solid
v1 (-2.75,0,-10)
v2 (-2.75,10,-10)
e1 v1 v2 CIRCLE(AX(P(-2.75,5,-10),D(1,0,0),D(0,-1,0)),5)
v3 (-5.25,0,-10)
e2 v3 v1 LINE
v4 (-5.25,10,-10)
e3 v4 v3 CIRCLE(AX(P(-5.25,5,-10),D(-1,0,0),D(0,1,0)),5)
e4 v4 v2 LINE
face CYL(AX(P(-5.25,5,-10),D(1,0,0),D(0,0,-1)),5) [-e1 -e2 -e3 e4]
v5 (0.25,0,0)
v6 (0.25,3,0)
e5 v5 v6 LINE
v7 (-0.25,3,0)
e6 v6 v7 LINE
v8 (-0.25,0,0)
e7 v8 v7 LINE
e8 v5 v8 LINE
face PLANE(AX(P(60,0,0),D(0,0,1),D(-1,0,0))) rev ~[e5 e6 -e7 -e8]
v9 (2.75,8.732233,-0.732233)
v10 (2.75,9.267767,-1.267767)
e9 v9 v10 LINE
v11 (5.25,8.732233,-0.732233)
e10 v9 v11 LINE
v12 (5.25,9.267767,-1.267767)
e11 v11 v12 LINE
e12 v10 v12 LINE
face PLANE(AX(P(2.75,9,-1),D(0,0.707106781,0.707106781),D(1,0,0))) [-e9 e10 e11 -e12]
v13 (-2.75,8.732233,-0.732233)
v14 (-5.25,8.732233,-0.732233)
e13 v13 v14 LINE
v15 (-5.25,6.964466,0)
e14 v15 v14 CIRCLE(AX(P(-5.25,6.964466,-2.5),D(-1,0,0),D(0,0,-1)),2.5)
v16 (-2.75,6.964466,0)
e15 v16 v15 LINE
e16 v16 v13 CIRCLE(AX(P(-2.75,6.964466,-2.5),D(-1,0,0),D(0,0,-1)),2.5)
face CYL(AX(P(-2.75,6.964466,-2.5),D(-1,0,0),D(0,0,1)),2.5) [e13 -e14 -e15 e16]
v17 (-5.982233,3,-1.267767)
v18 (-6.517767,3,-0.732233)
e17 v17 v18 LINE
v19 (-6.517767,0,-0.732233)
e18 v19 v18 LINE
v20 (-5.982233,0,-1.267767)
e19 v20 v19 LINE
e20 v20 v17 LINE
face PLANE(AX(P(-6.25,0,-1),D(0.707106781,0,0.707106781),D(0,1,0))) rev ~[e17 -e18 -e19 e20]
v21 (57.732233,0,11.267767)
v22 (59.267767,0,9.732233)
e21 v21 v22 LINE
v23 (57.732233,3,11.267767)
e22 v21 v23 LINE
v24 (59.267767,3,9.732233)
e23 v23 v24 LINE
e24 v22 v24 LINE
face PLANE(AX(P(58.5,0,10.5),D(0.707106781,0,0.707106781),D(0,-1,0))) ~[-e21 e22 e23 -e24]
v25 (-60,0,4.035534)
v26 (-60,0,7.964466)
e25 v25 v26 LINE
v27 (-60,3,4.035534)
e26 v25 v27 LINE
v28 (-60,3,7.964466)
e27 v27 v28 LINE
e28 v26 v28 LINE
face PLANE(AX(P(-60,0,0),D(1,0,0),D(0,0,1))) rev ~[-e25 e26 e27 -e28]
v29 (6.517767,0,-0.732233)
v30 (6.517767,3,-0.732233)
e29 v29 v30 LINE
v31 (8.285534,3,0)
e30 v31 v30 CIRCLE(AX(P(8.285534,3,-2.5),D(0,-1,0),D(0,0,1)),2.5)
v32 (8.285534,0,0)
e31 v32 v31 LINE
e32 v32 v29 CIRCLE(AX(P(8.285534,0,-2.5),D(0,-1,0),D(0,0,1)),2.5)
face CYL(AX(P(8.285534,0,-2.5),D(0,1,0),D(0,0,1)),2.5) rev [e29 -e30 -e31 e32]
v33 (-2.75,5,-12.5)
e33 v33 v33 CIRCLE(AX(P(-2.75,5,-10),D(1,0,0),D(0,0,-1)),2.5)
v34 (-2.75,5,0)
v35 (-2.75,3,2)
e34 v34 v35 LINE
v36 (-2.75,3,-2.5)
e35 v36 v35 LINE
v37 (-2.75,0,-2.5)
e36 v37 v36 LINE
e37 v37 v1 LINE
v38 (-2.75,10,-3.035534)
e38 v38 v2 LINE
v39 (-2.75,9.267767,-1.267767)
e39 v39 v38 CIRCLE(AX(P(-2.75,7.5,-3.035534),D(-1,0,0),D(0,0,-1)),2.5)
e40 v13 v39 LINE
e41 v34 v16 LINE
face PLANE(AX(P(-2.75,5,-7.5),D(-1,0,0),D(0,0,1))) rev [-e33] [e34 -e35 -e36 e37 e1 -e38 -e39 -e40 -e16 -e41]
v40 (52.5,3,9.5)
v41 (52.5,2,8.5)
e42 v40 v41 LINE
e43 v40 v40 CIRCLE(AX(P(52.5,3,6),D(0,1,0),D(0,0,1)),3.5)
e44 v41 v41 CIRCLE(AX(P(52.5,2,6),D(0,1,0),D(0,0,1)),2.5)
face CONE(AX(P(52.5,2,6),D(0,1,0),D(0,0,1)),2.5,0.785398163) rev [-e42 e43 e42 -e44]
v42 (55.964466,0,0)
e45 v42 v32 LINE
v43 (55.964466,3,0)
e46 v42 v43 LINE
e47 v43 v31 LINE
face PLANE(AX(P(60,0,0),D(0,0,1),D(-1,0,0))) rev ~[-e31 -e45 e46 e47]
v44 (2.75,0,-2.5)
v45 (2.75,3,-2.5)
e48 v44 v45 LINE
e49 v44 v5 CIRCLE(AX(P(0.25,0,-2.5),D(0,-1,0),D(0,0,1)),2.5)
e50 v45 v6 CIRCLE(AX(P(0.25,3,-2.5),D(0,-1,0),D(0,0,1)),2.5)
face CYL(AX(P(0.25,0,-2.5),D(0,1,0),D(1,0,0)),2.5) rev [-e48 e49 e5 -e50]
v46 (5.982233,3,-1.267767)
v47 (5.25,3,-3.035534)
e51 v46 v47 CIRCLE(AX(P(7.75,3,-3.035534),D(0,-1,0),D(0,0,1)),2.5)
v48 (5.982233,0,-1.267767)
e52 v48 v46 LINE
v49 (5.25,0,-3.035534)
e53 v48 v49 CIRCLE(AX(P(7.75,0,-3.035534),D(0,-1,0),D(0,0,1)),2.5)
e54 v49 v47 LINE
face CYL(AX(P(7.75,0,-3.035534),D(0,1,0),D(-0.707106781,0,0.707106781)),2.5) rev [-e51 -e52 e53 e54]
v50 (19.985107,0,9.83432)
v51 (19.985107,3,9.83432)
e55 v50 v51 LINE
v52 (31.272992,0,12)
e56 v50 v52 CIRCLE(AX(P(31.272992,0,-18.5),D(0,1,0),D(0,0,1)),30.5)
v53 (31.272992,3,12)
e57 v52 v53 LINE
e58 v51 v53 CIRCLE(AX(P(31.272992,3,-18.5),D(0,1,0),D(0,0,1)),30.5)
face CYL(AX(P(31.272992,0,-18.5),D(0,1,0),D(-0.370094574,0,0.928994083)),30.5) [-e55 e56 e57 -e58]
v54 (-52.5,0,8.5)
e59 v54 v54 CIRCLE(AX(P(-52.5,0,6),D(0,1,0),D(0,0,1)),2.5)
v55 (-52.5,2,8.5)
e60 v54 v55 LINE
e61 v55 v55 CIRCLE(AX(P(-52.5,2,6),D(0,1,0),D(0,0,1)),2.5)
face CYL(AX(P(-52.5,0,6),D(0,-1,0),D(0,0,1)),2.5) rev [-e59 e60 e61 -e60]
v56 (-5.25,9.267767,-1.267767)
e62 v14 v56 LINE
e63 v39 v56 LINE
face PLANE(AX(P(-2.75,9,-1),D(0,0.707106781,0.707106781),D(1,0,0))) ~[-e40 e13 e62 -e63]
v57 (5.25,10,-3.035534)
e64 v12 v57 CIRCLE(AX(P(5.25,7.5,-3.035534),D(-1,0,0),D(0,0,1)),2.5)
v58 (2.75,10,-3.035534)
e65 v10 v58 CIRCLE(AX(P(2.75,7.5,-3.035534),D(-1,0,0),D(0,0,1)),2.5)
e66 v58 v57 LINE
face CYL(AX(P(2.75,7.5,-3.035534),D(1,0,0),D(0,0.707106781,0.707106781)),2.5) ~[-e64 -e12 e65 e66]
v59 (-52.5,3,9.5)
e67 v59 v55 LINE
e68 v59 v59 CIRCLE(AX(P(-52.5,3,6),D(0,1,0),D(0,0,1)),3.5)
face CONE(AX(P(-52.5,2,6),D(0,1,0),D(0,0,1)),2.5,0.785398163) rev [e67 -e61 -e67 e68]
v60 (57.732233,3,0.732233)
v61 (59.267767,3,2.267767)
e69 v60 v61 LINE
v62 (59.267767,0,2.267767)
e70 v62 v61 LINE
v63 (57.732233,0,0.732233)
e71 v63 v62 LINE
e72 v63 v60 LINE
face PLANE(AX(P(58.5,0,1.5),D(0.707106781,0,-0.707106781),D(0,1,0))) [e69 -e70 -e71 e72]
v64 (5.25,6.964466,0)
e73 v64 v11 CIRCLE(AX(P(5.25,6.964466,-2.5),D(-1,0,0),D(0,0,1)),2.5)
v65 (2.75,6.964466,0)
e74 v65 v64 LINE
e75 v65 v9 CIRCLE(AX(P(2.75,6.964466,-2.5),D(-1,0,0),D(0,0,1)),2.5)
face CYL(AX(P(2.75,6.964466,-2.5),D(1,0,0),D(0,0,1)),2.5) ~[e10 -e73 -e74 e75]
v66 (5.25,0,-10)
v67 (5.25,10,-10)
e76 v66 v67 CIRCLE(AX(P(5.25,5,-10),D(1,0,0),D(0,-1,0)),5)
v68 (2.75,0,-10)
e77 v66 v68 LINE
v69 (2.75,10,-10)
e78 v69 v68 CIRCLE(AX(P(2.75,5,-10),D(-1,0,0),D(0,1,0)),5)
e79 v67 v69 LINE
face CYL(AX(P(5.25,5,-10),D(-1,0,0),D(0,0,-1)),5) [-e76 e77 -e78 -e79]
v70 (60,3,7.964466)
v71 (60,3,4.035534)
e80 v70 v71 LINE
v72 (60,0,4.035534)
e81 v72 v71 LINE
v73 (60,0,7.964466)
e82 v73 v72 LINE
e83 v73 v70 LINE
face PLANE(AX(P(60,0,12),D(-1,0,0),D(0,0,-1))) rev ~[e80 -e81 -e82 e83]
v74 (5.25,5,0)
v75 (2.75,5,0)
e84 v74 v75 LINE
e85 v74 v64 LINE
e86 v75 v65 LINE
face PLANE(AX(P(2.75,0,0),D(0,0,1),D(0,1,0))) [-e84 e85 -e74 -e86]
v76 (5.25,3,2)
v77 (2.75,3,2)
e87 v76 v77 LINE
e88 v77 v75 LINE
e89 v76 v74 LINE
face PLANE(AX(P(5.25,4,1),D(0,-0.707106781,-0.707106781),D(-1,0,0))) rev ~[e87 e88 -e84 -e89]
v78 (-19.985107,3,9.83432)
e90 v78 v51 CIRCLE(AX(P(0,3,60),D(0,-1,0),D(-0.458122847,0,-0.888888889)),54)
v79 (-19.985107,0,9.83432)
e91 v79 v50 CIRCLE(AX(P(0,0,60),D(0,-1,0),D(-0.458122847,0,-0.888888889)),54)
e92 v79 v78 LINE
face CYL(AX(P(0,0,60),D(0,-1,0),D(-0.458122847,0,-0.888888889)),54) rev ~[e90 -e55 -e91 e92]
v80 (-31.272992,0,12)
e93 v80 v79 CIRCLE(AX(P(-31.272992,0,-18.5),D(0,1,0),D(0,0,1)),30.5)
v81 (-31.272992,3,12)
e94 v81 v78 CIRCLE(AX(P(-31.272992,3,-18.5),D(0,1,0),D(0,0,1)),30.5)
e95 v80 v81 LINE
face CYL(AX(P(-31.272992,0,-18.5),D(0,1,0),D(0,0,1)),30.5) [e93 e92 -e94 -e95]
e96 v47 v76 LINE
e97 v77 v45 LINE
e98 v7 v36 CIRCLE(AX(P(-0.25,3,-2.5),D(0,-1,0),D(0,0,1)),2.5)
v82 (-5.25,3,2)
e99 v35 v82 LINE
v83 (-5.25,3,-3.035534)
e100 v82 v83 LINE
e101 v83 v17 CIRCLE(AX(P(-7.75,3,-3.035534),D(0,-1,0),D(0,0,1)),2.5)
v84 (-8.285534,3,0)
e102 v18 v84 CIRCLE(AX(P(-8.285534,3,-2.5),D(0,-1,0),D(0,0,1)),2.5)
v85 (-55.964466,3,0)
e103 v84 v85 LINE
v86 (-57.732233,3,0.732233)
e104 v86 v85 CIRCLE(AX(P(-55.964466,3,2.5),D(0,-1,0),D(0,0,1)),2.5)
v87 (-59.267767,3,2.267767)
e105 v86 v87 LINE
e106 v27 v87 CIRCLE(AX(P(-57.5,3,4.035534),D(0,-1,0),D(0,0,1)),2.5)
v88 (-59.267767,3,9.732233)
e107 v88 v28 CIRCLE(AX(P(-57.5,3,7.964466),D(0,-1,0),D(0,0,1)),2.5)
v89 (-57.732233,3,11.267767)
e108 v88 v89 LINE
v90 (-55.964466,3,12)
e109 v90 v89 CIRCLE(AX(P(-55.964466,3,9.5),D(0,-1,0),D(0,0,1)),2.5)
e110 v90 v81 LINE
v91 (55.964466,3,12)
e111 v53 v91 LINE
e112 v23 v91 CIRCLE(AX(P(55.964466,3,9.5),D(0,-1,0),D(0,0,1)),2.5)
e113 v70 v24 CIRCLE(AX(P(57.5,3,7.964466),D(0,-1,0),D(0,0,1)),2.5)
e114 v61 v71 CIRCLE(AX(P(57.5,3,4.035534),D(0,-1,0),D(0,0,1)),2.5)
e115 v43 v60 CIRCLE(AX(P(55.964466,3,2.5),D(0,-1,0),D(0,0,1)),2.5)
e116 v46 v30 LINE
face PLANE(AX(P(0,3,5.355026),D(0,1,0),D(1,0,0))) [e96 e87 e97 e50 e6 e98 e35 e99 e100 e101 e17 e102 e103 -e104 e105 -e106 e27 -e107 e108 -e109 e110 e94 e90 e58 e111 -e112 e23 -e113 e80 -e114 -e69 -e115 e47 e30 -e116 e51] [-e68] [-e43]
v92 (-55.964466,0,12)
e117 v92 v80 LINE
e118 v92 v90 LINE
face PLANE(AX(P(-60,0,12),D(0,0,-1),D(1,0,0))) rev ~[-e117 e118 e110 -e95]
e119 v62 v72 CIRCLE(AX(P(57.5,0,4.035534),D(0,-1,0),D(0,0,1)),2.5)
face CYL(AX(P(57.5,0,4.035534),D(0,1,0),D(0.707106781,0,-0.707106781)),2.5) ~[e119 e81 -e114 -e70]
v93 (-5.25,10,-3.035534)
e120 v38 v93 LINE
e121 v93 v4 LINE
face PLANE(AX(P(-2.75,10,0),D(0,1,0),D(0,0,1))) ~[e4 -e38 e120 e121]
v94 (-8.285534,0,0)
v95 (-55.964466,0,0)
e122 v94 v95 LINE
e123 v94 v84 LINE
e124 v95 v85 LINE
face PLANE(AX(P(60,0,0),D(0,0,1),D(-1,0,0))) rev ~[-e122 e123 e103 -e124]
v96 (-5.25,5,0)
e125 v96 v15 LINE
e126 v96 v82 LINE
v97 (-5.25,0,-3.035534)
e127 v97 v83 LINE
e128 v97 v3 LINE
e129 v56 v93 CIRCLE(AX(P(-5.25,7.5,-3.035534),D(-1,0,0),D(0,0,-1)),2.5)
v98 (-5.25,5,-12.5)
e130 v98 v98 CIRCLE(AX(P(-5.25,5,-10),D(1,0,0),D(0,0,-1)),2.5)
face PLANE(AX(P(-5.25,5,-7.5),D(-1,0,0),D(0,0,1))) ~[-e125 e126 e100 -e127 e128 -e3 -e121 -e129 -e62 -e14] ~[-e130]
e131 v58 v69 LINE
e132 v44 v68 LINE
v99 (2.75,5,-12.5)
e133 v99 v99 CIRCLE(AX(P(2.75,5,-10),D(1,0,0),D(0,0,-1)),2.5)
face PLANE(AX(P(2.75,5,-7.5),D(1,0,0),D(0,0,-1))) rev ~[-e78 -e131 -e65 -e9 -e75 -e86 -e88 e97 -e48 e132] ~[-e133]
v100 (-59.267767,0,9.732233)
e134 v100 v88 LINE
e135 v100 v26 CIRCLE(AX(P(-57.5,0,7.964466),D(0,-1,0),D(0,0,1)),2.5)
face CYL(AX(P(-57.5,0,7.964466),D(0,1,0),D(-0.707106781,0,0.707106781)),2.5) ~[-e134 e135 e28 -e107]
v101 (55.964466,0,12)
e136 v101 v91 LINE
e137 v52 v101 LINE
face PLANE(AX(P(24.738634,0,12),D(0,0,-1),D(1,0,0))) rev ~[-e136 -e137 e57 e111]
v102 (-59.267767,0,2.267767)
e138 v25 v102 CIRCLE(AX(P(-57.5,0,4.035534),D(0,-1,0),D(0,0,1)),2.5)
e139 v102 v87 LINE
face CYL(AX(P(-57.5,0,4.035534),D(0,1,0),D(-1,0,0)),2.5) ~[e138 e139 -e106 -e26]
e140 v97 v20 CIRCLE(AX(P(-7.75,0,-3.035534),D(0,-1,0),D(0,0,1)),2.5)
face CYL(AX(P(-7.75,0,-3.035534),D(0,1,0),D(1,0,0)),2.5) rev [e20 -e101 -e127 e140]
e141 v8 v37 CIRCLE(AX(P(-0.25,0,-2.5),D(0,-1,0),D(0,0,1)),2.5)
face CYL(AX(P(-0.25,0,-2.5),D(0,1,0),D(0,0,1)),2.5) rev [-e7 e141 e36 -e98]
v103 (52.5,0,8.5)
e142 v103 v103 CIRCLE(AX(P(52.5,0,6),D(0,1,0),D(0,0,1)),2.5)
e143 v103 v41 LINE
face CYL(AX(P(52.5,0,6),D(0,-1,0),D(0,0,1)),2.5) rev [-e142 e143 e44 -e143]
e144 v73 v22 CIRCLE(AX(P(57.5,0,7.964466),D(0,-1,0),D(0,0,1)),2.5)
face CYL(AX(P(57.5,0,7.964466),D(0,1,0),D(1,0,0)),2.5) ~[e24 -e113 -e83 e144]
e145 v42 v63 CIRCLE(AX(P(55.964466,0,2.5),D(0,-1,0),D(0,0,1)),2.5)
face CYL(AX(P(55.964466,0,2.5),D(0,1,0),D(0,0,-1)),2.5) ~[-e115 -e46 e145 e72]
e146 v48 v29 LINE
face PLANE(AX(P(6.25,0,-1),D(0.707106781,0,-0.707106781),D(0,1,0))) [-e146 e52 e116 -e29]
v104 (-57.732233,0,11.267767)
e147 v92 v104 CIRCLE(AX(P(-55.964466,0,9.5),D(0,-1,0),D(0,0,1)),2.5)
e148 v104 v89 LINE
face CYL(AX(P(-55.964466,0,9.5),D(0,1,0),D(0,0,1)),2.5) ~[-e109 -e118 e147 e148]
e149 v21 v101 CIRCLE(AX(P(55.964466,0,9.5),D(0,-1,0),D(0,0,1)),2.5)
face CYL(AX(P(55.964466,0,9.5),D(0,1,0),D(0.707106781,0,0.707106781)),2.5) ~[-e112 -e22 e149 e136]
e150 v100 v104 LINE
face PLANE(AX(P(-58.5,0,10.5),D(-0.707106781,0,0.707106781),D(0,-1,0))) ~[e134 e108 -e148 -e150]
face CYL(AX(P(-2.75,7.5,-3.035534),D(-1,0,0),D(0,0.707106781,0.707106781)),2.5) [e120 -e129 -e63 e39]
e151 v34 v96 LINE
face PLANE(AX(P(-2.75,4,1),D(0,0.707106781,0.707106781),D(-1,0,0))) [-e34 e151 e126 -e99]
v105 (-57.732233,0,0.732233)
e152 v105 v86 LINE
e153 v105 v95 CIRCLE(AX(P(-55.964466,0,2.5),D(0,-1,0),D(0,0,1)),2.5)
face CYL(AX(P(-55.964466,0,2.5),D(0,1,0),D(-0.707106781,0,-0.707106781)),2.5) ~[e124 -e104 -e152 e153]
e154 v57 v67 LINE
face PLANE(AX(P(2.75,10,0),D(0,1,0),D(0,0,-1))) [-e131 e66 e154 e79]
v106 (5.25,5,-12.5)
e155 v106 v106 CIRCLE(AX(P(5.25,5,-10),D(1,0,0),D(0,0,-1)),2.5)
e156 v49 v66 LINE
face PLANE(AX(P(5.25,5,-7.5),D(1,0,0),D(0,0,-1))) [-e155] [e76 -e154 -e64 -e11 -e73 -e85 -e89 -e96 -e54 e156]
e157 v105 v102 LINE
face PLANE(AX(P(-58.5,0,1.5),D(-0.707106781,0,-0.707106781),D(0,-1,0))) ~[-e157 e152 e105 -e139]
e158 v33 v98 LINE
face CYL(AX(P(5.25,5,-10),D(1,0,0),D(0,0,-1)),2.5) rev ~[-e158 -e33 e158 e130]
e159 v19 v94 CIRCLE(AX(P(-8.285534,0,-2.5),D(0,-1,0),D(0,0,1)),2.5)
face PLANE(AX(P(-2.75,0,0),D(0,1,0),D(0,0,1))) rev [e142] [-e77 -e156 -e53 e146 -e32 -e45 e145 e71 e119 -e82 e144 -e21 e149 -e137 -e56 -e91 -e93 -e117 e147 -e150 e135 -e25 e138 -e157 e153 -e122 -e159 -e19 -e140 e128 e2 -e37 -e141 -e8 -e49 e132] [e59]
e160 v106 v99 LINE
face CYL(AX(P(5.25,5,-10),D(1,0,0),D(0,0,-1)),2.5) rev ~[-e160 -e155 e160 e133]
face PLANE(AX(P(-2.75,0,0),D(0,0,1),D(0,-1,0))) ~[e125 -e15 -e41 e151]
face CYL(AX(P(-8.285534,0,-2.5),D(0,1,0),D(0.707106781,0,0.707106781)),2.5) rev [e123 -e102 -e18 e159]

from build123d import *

# Parameters (mm, degrees)
SKETCH2_R                   = 2.5
BOSS_EXTRUDE1_DEPTH         = 3
BOSS_EXTRUDE2_START         = 2.75
SKETCH3_W                   = 15
SKETCH3_H                   = 10
BOSS_EXTRUDE2_DEPTH         = 2.5
FILLET2_RADIUS              = 5
FILLET2_LENGTH              = 2.5
FILLET2_OF_MIRROR1_2_RADIUS = 5
FILLET2_OF_MIRROR1_2_LENGTH = 2.5
CHAMFER1_SIZE               = 2
CHAMFER2_SIZE               = 2
SKETCH5_R                   = 2.5
CUT_EXTRUDE2_DEPTH          = 68.694626818
CHAMFER3_SIZE               = 3
FILLET3_R                   = 2.5
CHAMFER4_SIZE               = 1
FILLET4_R                   = 30.5


with BuildPart() as part:
    # Sketch2 → Boss-Extrude1 (new body)
    with BuildSketch(Plane(origin=(0, 0, 0), x_dir=(1, 0, 0), z_dir=(0, 1, 0))):
        with BuildLine():
            Line((60, 0), (-60, 0))
            Line((-60, 0), (-60, -12))
            Line((-60, -12), (-24.738633754, -12))
            ThreePointArc((-24.738633754, -12), (0, -6), (24.738633754, -12))
            Line((24.738633754, -12), (60, -12))
            Line((60, -12), (60, 0))
        make_face()
        with Locations(Location((-52.5, -6, 0), (0, 0, 270))):
            Circle(SKETCH2_R, mode=Mode.SUBTRACT)
        with Locations(Location((52.5, -6, 0), (0, 0, 270))):
            Circle(SKETCH2_R, mode=Mode.SUBTRACT)
    extrude(amount=BOSS_EXTRUDE1_DEPTH)

    # Sketch3 → Boss-Extrude2 (add)
    with BuildSketch(Plane(origin=(0, 0, 0), x_dir=(0, 0, -1), z_dir=(1, 0, 0)).offset(BOSS_EXTRUDE2_START)):
        with Locations((7.5, 5)):
            Rectangle(SKETCH3_W, SKETCH3_H)
    boss_extrude2 = extrude(amount=BOSS_EXTRUDE2_DEPTH)

    # Fillet2: full round fillet: the end face becomes a half cylinder, R = half its width
    fillet2_face = Plane((4, 5, -15), x_dir=(-1, 0, 0), z_dir=(0, 0, -1))  # on the end face: x along it, z out of the body
    fillet2_slab = fillet2_face.offset(-FILLET2_RADIUS / 2) * Box(FILLET2_LENGTH, 2 * FILLET2_RADIUS, FILLET2_RADIUS, mode=Mode.PRIVATE)  # the body's end, R deep
    fillet2_round = Plane((4, 5, -10), x_dir=(0, 0, -1), z_dir=(-1, 0, 0)) * Cylinder(FILLET2_RADIUS, FILLET2_LENGTH, mode=Mode.PRIVATE)  # its axis R under the face
    add(fillet2_slab - fillet2_round, mode=Mode.SUBTRACT)

    # Mirror1: Boss-Extrude2 across plane
    add(boss_extrude2.mirror(Plane(origin=(0, 0, 0), x_dir=(0, 0, 1), z_dir=(1, 0, 0))))

    # Fillet2 of Mirror1 2: full round fillet: the end face becomes a half cylinder, R = half its width
    fillet2_of_mirror1_2_face = Plane((-4, 5, -15), x_dir=(1, 0, 0), z_dir=(0, 0, -1))  # on the end face: x along it, z out of the body
    fillet2_of_mirror1_2_slab = fillet2_of_mirror1_2_face.offset(-FILLET2_OF_MIRROR1_2_RADIUS / 2) * Box(FILLET2_OF_MIRROR1_2_LENGTH, 2 * FILLET2_OF_MIRROR1_2_RADIUS, FILLET2_OF_MIRROR1_2_RADIUS, mode=Mode.PRIVATE)  # the body's end, R deep
    fillet2_of_mirror1_2_round = Plane((-4, 5, -10), x_dir=(0, 0, -1), z_dir=(1, 0, 0)) * Cylinder(FILLET2_OF_MIRROR1_2_RADIUS, FILLET2_OF_MIRROR1_2_LENGTH, mode=Mode.PRIVATE)  # its axis R under the face
    add(fillet2_of_mirror1_2_slab - fillet2_of_mirror1_2_round, mode=Mode.SUBTRACT)

    # Chamfer1
    chamfer1_edges = [part.edges().sort_by_distance(p)[0] for p in [
        (4, 3, 0),
        (-4, 3, 0),
    ]]
    chamfer(chamfer1_edges, length=CHAMFER1_SIZE)

    # Chamfer2
    chamfer2_edges = [part.edges().sort_by_distance(p)[0] for p in [
        (-5.25, 1.5, 0),
        (5.25, 1.5, 0),
        (4, 10, 0),
        (-4, 10, 0),
    ]]
    chamfer(chamfer2_edges, length=CHAMFER2_SIZE)

    # Sketch5 → Cut-Extrude2 (cut, through all)
    with BuildSketch(Plane(origin=(5.25, 0, 0), x_dir=(0, 0, -1), z_dir=(1, 0, 0))):
        with Locations((10, 5)):
            Circle(SKETCH5_R)
    extrude(amount=-CUT_EXTRUDE2_DEPTH, mode=Mode.SUBTRACT)

    # Chamfer3
    chamfer3_edges = [part.edges().sort_by_distance(p)[0] for p in [
        (-60, 1.5, 12),
        (-60, 1.5, 0),
        (60, 1.5, 0),
        (60, 1.5, 12),
    ]]
    chamfer(chamfer3_edges, length=CHAMFER3_SIZE)

    # Fillet3
    fillet3_edges = [part.edges().sort_by_distance(p)[0] for p in [
        (-57, 1.5, 0),
        (-7.25, 1.5, 0),
        (-5.25, 1.5, -2),
        (-2.75, 1.5, 0),
        (2.75, 1.5, 0),
        (5.25, 1.5, -2),
        (7.25, 1.5, 0),
        (57, 1.5, 0),
        (60, 1.5, 3),
        (60, 1.5, 9),
        (57, 1.5, 12),
        (-60, 1.5, 3),
        (4, 8, 0),
        (4, 10, -2),
        (-4, 10, -2),
        (-4, 8, 0),
        (-60, 1.5, 9),
        (-57, 1.5, 12),
    ]]
    fillet(fillet3_edges, radius=FILLET3_R)

    # Chamfer4
    chamfer4_edges = [part.edges().sort_by_distance(p)[0] for p in [
        (-52.5, 3, 3.5),
        (52.5, 3, 3.5),
    ]]
    chamfer(chamfer4_edges, length=CHAMFER4_SIZE)

    # Fillet4
    fillet4_edges = [part.edges().sort_by_distance(p)[0] for p in [
        (-24.738633754, 1.5, 12),
        (24.738633754, 1.5, 12),
    ]]
    fillet(fillet4_edges, radius=FILLET4_R)


solid = part.part
